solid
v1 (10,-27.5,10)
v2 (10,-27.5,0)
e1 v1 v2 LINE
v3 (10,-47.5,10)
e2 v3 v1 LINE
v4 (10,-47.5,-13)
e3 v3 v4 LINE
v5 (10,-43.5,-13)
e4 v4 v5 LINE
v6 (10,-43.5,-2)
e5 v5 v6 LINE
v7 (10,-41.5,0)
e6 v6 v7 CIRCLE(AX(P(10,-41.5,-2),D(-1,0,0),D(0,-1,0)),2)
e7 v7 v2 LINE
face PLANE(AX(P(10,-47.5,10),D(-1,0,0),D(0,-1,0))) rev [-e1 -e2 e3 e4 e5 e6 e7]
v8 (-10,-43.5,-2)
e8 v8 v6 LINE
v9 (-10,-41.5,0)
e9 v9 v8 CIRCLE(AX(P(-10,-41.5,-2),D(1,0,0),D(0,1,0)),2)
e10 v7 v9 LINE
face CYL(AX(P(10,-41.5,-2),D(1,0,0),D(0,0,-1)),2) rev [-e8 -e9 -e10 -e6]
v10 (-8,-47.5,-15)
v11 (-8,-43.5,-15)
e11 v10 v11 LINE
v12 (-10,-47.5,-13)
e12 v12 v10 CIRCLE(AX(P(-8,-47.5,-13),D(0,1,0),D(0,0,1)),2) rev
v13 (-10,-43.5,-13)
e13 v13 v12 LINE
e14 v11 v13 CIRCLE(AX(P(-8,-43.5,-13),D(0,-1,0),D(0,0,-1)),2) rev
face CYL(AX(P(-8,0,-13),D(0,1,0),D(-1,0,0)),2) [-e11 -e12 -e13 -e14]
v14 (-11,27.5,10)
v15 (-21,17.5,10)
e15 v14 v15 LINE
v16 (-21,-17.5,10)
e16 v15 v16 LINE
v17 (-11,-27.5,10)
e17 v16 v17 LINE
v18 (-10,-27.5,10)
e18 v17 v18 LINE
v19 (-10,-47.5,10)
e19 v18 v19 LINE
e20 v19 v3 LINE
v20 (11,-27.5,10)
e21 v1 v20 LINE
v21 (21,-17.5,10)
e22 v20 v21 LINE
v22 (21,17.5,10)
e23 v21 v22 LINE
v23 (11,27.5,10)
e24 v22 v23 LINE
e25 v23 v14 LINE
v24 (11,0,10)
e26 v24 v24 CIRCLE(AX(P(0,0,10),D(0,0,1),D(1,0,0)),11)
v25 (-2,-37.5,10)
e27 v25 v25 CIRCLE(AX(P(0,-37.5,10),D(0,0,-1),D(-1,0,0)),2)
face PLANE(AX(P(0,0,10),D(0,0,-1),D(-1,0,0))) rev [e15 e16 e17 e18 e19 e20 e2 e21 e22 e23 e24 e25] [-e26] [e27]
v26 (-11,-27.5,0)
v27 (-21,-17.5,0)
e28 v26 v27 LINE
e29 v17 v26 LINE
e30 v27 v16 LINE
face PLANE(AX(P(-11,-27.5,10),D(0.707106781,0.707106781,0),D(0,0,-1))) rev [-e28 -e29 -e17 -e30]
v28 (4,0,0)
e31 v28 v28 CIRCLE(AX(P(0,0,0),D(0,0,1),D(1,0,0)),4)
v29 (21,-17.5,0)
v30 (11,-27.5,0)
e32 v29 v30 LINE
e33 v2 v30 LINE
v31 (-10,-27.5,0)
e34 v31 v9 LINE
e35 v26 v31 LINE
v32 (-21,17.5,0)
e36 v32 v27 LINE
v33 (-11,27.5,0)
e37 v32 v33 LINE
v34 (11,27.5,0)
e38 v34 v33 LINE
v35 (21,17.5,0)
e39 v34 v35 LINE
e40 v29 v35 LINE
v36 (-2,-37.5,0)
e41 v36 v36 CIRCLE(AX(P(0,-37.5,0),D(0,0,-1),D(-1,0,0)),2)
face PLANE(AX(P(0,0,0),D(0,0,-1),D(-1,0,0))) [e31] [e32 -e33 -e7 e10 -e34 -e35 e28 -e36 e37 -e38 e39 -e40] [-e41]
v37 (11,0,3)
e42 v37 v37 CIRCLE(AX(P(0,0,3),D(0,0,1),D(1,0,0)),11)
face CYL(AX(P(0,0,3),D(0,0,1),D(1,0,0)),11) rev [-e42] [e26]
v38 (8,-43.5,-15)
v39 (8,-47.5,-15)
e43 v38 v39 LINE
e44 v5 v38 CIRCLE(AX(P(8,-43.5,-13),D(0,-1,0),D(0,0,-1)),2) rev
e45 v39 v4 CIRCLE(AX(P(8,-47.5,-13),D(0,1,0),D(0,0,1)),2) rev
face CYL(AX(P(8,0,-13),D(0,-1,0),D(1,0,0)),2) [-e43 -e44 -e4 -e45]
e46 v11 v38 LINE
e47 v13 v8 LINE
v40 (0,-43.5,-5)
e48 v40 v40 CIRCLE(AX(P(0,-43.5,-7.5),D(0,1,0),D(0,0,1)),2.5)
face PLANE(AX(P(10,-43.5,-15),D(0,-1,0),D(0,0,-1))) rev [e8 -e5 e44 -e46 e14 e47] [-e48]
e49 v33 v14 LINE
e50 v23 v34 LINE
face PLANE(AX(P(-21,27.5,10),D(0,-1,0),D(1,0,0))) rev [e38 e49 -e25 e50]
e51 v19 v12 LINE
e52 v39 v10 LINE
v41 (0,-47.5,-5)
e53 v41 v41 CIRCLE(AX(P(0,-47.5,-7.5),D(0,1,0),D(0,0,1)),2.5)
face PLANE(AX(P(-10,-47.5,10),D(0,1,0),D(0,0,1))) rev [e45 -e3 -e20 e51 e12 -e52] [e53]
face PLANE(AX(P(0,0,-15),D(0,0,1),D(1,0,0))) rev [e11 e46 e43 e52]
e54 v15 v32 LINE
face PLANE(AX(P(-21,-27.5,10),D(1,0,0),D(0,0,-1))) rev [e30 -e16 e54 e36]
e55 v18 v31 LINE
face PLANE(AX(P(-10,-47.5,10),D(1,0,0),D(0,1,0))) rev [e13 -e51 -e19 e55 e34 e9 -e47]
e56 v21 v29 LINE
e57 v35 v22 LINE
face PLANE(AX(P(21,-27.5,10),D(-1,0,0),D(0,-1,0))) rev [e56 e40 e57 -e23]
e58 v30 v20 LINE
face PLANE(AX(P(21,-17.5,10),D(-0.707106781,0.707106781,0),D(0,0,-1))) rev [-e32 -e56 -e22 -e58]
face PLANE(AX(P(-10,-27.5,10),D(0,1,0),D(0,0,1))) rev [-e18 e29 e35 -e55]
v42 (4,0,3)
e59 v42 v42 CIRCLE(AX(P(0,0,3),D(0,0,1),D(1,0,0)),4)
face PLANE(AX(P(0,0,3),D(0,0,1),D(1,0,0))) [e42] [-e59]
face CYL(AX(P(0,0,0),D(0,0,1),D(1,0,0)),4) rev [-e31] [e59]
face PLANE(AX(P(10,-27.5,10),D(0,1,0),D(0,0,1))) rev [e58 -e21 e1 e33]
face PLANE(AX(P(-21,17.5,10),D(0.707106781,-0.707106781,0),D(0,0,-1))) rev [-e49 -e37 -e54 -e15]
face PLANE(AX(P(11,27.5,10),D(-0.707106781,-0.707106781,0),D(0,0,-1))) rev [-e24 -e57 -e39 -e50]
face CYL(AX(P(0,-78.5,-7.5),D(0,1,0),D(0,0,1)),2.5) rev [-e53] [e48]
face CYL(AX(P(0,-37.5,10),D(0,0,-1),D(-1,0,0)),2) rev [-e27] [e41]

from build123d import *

# Parameters (mm, degrees)
ESTRUSIONE_ESTRUSIONE1_DEPTH = 10
SCHIZZO6_R                   = 11
TAGLIO_ESTRUSIONE4_DEPTH     = 7
SCHIZZO7_R                   = 4
TAGLIO_ESTRUSIONE5_DEPTH     = 4
SMUSSO2_SIZE                 = 10
SCHIZZO8_W                   = 20
SCHIZZO8_H                   = 4
ESTRUSIONE_ESTRUSIONE3_DEPTH = 15
SCHIZZO9_R                   = 2.5
TAGLIO_ESTRUSIONE6_DEPTH     = 35
RACCORDO1_R                  = 2
SCHIZZO10_R                  = 2
TAGLIO_ESTRUSIONE7_DEPTH     = 10


with BuildPart() as part:
    # Schizzo1 → Estrusione-Estrusione1 (new body)
    with BuildSketch(Plane.XY):
        Polygon((-10, -47.5), (10, -47.5), (10, -27.5), (21, -27.5), (21, 27.5), (-21, 27.5), (-21, -27.5), (-10, -27.5), align=None)
    extrude(amount=ESTRUSIONE_ESTRUSIONE1_DEPTH)

    # Schizzo6 → Taglio-Estrusione4 (cut)
    with BuildSketch(Plane.XY.offset(10)):
        Circle(SCHIZZO6_R)
    extrude(amount=-TAGLIO_ESTRUSIONE4_DEPTH, mode=Mode.SUBTRACT)

    # Schizzo7 → Taglio-Estrusione5 (cut, through all)
    with BuildSketch(Plane.XY.offset(3)):
        Circle(SCHIZZO7_R)
    extrude(amount=-TAGLIO_ESTRUSIONE5_DEPTH, mode=Mode.SUBTRACT)

    # Smusso2
    smusso2_edges = [part.edges().sort_by_distance(p)[0] for p in [
        (21, -27.5, 5),
        (-21, -27.5, 5),
        (-21, 27.5, 5),
        (21, 27.5, 5),
    ]]
    chamfer(smusso2_edges, length=SMUSSO2_SIZE)

    # Schizzo8 → Estrusione-Estrusione3 (add)
    with BuildSketch(Plane(origin=(0, 0, 0), x_dir=(-1, 0, 0), z_dir=(0, 0, -1))):
        with Locations((0, -45.5)):
            Rectangle(SCHIZZO8_W, SCHIZZO8_H)
    extrude(amount=ESTRUSIONE_ESTRUSIONE3_DEPTH)

    # Schizzo9 → Taglio-Estrusione6 (cut)
    with BuildSketch(Plane(origin=(0, -43.5, 0), x_dir=(1, 0, 0), z_dir=(0, 1, 0))):
        with Locations((0, 7.5)):
            Circle(SCHIZZO9_R)
    extrude(amount=-TAGLIO_ESTRUSIONE6_DEPTH, mode=Mode.SUBTRACT)

    # Raccordo1
    raccordo1_edges = [part.edges().sort_by_distance(p)[0] for p in [
        (0, -43.5, 0),
        (10, -45.5, -15),
        (-10, -45.5, -15),
    ]]
    fillet(raccordo1_edges, radius=RACCORDO1_R)

    # Schizzo10 → Taglio-Estrusione7 (cut)
    with BuildSketch(Plane(origin=(0, 0, 0), x_dir=(-1, 0, 0), z_dir=(0, 0, -1))):
        with Locations((0, -37.5)):
            Circle(SCHIZZO10_R)
    extrude(amount=-TAGLIO_ESTRUSIONE7_DEPTH, mode=Mode.SUBTRACT)


solid = part.part
